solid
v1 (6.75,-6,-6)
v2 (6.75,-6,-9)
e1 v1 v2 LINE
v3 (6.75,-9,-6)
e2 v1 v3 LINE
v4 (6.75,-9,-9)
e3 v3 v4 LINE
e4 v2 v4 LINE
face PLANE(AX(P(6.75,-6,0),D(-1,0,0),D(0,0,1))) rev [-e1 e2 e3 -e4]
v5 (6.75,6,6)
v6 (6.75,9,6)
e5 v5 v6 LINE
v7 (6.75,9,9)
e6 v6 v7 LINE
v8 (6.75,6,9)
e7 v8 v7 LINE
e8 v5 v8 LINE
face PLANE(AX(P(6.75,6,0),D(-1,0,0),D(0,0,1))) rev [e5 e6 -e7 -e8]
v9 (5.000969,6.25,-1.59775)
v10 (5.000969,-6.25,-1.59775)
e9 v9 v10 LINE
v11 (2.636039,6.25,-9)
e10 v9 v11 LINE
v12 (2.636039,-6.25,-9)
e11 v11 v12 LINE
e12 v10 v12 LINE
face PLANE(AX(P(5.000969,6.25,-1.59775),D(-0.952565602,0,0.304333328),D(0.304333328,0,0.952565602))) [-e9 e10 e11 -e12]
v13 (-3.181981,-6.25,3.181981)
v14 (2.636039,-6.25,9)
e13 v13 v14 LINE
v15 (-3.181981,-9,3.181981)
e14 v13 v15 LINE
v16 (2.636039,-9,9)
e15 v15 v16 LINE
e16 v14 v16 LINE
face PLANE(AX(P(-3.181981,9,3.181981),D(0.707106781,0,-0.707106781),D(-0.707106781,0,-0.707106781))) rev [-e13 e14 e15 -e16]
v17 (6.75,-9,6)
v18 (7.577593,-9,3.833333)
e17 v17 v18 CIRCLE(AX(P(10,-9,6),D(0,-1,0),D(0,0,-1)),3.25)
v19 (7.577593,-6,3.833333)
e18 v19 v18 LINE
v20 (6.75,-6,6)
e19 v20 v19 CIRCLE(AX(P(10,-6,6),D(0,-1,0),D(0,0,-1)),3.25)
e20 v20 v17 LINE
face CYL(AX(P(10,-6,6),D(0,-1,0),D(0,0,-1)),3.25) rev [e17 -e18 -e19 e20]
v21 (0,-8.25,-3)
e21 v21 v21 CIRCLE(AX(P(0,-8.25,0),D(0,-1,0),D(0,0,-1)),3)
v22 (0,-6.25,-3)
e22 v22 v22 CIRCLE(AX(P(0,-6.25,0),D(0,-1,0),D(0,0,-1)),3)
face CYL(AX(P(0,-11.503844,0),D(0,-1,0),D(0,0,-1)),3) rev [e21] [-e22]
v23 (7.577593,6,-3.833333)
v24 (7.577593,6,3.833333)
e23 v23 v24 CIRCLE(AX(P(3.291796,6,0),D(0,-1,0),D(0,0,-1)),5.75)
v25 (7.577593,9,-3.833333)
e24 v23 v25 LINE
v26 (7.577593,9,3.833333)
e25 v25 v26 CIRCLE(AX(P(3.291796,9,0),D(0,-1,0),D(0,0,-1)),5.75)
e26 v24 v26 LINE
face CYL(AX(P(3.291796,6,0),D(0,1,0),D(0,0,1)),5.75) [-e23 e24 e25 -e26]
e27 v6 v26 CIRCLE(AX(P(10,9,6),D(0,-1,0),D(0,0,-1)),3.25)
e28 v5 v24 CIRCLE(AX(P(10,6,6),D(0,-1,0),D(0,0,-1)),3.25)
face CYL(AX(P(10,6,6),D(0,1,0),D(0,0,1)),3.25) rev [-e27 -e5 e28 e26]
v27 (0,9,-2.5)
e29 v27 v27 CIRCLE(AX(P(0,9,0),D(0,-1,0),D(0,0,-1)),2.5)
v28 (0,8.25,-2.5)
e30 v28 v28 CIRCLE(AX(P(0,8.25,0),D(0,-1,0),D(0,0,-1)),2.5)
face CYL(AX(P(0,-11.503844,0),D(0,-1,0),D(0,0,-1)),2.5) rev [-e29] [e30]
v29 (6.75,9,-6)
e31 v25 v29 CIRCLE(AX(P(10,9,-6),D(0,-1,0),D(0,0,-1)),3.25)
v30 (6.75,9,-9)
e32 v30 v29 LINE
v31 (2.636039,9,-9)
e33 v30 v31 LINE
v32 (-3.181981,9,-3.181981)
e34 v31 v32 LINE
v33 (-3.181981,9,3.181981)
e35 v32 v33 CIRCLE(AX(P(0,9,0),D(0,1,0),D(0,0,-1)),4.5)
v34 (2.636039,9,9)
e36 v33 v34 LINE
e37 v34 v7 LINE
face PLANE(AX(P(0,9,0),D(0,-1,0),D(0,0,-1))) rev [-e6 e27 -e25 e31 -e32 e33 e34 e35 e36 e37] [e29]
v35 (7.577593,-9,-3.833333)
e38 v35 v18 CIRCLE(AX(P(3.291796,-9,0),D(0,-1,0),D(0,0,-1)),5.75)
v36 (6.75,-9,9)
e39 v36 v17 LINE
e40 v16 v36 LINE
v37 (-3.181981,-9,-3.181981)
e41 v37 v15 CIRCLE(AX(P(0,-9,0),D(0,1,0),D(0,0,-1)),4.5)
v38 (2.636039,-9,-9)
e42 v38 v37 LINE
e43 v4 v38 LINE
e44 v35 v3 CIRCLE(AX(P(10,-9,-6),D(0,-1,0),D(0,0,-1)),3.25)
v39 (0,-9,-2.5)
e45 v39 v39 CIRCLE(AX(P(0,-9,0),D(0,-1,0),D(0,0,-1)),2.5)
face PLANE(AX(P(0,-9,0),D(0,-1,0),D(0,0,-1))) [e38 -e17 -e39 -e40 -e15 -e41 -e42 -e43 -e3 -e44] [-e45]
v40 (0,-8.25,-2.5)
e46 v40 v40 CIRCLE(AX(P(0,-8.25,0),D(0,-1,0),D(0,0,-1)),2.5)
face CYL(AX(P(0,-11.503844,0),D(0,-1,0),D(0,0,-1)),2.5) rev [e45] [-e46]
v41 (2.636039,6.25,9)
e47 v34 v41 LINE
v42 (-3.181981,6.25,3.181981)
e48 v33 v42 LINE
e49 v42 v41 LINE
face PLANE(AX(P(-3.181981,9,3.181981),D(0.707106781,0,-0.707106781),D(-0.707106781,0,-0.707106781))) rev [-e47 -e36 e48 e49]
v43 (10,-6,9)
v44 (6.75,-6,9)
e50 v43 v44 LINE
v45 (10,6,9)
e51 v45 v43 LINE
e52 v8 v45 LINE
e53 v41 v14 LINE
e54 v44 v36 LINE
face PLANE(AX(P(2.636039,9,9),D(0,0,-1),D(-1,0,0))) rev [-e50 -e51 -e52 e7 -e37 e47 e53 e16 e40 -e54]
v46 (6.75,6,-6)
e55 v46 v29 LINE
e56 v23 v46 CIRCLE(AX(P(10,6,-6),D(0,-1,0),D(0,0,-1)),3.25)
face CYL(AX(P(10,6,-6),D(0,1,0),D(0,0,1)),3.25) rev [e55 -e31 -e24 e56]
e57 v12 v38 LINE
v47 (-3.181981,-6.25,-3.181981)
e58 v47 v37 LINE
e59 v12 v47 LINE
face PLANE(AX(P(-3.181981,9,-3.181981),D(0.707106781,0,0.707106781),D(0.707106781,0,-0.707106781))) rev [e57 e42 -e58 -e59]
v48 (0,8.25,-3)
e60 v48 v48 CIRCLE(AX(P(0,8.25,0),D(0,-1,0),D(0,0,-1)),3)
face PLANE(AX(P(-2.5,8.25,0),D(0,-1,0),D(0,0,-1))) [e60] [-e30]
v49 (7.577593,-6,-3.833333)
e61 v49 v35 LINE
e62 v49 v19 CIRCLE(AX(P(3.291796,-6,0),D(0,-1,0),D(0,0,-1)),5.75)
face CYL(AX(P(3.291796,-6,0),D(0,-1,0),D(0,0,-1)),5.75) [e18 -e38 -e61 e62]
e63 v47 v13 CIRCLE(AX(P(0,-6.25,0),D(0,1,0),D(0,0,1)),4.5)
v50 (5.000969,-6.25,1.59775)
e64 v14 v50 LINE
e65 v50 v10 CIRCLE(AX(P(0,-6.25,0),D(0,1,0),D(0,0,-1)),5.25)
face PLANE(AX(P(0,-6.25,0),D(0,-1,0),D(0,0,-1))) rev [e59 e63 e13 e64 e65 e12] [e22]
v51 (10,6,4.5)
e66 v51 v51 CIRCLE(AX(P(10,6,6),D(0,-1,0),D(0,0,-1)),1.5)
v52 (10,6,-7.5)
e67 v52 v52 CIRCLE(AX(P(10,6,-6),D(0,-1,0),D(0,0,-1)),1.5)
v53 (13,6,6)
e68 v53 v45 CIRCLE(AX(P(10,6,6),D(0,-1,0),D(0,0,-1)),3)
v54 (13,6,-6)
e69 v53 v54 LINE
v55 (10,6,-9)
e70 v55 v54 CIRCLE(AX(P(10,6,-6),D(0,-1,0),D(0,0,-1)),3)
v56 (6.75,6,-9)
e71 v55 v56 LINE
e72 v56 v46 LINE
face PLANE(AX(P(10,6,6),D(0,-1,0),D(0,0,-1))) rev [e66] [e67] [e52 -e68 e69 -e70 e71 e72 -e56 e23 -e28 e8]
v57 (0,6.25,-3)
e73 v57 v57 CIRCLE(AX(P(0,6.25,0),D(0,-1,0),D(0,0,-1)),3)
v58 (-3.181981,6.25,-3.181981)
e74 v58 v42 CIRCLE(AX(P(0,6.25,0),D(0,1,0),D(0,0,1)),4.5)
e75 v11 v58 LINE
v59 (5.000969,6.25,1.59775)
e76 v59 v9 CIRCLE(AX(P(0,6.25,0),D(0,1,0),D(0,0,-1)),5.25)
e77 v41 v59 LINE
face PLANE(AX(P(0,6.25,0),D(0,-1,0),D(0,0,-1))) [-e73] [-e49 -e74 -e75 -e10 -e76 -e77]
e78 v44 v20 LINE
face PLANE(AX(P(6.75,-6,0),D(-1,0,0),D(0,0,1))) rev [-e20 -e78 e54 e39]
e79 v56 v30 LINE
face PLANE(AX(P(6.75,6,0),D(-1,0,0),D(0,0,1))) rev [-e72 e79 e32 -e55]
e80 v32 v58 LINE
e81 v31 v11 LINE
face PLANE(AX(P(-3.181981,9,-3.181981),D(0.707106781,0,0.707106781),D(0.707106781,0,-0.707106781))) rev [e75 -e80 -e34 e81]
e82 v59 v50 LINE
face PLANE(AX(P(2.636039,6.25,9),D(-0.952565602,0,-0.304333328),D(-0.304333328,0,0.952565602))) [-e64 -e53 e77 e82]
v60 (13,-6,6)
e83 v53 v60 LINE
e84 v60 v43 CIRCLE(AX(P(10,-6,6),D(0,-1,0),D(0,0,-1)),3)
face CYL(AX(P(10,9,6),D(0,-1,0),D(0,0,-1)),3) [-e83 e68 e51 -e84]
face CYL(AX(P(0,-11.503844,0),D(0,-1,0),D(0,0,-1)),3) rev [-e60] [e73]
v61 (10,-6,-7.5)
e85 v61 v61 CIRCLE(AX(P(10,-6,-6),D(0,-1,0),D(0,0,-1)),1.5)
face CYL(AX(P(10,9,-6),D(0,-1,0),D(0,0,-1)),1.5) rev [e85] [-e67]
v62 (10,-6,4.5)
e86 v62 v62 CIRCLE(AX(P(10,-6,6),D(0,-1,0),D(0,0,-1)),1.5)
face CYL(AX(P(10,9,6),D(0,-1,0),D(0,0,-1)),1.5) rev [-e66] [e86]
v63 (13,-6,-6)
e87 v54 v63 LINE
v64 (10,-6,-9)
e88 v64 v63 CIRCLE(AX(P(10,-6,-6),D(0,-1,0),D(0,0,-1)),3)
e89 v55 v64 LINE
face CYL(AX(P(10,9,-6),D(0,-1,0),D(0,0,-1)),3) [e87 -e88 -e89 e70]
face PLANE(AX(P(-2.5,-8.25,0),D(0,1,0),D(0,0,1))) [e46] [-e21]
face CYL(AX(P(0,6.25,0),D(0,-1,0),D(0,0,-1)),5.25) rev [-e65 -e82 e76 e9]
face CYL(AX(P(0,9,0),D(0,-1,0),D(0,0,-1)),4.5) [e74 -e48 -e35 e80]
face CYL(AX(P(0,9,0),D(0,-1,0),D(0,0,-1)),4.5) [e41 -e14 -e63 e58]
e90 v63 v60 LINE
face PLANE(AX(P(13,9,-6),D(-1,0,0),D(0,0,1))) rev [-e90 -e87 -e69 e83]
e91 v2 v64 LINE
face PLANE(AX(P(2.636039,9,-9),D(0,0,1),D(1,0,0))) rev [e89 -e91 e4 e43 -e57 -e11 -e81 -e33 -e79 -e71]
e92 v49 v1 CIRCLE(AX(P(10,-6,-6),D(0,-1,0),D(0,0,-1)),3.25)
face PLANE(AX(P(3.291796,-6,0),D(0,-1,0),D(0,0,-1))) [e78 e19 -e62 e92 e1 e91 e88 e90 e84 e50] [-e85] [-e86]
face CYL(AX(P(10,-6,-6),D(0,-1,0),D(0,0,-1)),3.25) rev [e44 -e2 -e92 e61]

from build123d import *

# Parameters (mm, degrees)
SKETCH1_R           = 1.5
BOSS_EXTRUDE1_DEPTH = 9
CUT_EXTRUDE1_DEPTH  = 6.25
CUT_EXTRUDE2_START  = 9
CUT_EXTRUDE2_DEPTH  = 3
CUT_EXTRUDE3_START  = -6
CUT_EXTRUDE3_DEPTH  = 3


with BuildPart() as part:
    # Sketch1 → Boss-Extrude1 (new, symmetric)
    with BuildSketch(Plane(origin=(0, 0, 0), x_dir=(1, 0, 0), z_dir=(0, 1, 0))):
        with BuildLine():
            Line((13, 6), (13, -6))
            ThreePointArc((13, -6), (12.121320344, -8.121320344), (10, -9))
            Line((10, -9), (2.636038969, -9))
            Line((2.636038969, -9), (-3.181980515, -3.181980515))
            ThreePointArc((-3.181980515, -3.181980515), (-4.5, 0), (-3.181980515, 3.181980515))
            Line((-3.181980515, 3.181980515), (2.636038969, 9))
            Line((2.636038969, 9), (10, 9))
            ThreePointArc((10, 9), (12.121320344, 8.121320344), (13, 6))
        make_face()
        with Locations(Location((10, 6, 0), (0, 0, 270))):
            Circle(SKETCH1_R, mode=Mode.SUBTRACT)
        with Locations(Location((10, -6, 0), (0, 0, 270))):
            Circle(SKETCH1_R, mode=Mode.SUBTRACT)
    extrude(amount=BOSS_EXTRUDE1_DEPTH, both=True)

    # Sketch2 → Cut-Extrude1 (cut, symmetric)
    with BuildSketch(Plane(origin=(0, 0, 0), x_dir=(1, 0, 0), z_dir=(0, 1, 0))):
        with BuildLine():
            Line((5.000969408, 1.597749973), (2.636038969, 9))
            Line((2.636038969, 9), (-3.181980515, 3.181980515))
            ThreePointArc((-3.181980515, 3.181980515), (-4.5, 0), (-3.181980515, -3.181980515))
            Line((-3.181980515, -3.181980515), (2.636038969, -9))
            Line((2.636038969, -9), (5.000969408, -1.597749973))
            ThreePointArc((5.000969408, -1.597749973), (5.25, 0), (5.000969408, 1.597749973))
        make_face()
    extrude(amount=CUT_EXTRUDE1_DEPTH, both=True, mode=Mode.SUBTRACT)

    # Sketch3 → Cut-Revolve1 (revolve, cut)
    with BuildSketch(Plane.XY, mode=Mode.PRIVATE) as cut_revolve1_sk:
        Polygon((-2.5, 9), (-2.5, 8.25), (-3, 8.25), (-3, 6.25), (0, 6.25), (0, 9), align=None)
        Polygon((0, -6.25), (0, -9), (-2.5, -9), (-2.5, -8.25), (-3, -8.25), (-3, -6.25), align=None)
    revolve(cut_revolve1_sk.sketch.rotate(Axis((0, -11.503843925, 0), (0, 1, 0)), 270), axis=Axis((0, -11.503843925, 0), (0, 1, 0)), mode=Mode.SUBTRACT)

    # Sketch4 → Cut-Extrude2 (cut)
    with BuildSketch(Plane(origin=(0, 0, 0), x_dir=(1, 0, 0), z_dir=(0, 1, 0)).offset(CUT_EXTRUDE2_START)):
        with BuildLine():
            Line((6.75, -9), (10, -9))
            ThreePointArc((10, -9), (12.121320344, -8.121320344), (13, -6))
            Line((13, -6), (13, 6))
            ThreePointArc((13, 6), (12.121320344, 8.121320344), (10, 9))
            Line((10, 9), (6.75, 9))
            Line((6.75, 9), (6.75, 6))
            ThreePointArc((6.75, 6), (6.963939833, 4.840328208), (7.577593024, 3.833333333))
            ThreePointArc((7.577593024, 3.833333333), (9.041796068, 0), (7.577593024, -3.833333333))
            ThreePointArc((7.577593024, -3.833333333), (6.963939833, -4.840328208), (6.75, -6))
            Line((6.75, -6), (6.75, -9))
        make_face()
    extrude(amount=-CUT_EXTRUDE2_DEPTH, mode=Mode.SUBTRACT)

    # Sketch4<2> → Cut-Extrude3 (cut)
    with BuildSketch(Plane(origin=(0, 0, 0), x_dir=(1, 0, 0), z_dir=(0, 1, 0)).offset(CUT_EXTRUDE3_START)):
        with BuildLine():
            Line((6.75, -9), (10, -9))
            ThreePointArc((10, -9), (12.121320344, -8.121320344), (13, -6))
            Line((13, -6), (13, 6))
            ThreePointArc((13, 6), (12.121320344, 8.121320344), (10, 9))
            Line((10, 9), (6.75, 9))
            Line((6.75, 9), (6.75, 6))
            ThreePointArc((6.75, 6), (6.963939833, 4.840328208), (7.577593024, 3.833333333))
            ThreePointArc((7.577593024, 3.833333333), (9.041796068, 0), (7.577593024, -3.833333333))
            ThreePointArc((7.577593024, -3.833333333), (6.963939833, -4.840328208), (6.75, -6))
            Line((6.75, -6), (6.75, -9))
        make_face()
    extrude(amount=-CUT_EXTRUDE3_DEPTH, mode=Mode.SUBTRACT)


solid = part.part
